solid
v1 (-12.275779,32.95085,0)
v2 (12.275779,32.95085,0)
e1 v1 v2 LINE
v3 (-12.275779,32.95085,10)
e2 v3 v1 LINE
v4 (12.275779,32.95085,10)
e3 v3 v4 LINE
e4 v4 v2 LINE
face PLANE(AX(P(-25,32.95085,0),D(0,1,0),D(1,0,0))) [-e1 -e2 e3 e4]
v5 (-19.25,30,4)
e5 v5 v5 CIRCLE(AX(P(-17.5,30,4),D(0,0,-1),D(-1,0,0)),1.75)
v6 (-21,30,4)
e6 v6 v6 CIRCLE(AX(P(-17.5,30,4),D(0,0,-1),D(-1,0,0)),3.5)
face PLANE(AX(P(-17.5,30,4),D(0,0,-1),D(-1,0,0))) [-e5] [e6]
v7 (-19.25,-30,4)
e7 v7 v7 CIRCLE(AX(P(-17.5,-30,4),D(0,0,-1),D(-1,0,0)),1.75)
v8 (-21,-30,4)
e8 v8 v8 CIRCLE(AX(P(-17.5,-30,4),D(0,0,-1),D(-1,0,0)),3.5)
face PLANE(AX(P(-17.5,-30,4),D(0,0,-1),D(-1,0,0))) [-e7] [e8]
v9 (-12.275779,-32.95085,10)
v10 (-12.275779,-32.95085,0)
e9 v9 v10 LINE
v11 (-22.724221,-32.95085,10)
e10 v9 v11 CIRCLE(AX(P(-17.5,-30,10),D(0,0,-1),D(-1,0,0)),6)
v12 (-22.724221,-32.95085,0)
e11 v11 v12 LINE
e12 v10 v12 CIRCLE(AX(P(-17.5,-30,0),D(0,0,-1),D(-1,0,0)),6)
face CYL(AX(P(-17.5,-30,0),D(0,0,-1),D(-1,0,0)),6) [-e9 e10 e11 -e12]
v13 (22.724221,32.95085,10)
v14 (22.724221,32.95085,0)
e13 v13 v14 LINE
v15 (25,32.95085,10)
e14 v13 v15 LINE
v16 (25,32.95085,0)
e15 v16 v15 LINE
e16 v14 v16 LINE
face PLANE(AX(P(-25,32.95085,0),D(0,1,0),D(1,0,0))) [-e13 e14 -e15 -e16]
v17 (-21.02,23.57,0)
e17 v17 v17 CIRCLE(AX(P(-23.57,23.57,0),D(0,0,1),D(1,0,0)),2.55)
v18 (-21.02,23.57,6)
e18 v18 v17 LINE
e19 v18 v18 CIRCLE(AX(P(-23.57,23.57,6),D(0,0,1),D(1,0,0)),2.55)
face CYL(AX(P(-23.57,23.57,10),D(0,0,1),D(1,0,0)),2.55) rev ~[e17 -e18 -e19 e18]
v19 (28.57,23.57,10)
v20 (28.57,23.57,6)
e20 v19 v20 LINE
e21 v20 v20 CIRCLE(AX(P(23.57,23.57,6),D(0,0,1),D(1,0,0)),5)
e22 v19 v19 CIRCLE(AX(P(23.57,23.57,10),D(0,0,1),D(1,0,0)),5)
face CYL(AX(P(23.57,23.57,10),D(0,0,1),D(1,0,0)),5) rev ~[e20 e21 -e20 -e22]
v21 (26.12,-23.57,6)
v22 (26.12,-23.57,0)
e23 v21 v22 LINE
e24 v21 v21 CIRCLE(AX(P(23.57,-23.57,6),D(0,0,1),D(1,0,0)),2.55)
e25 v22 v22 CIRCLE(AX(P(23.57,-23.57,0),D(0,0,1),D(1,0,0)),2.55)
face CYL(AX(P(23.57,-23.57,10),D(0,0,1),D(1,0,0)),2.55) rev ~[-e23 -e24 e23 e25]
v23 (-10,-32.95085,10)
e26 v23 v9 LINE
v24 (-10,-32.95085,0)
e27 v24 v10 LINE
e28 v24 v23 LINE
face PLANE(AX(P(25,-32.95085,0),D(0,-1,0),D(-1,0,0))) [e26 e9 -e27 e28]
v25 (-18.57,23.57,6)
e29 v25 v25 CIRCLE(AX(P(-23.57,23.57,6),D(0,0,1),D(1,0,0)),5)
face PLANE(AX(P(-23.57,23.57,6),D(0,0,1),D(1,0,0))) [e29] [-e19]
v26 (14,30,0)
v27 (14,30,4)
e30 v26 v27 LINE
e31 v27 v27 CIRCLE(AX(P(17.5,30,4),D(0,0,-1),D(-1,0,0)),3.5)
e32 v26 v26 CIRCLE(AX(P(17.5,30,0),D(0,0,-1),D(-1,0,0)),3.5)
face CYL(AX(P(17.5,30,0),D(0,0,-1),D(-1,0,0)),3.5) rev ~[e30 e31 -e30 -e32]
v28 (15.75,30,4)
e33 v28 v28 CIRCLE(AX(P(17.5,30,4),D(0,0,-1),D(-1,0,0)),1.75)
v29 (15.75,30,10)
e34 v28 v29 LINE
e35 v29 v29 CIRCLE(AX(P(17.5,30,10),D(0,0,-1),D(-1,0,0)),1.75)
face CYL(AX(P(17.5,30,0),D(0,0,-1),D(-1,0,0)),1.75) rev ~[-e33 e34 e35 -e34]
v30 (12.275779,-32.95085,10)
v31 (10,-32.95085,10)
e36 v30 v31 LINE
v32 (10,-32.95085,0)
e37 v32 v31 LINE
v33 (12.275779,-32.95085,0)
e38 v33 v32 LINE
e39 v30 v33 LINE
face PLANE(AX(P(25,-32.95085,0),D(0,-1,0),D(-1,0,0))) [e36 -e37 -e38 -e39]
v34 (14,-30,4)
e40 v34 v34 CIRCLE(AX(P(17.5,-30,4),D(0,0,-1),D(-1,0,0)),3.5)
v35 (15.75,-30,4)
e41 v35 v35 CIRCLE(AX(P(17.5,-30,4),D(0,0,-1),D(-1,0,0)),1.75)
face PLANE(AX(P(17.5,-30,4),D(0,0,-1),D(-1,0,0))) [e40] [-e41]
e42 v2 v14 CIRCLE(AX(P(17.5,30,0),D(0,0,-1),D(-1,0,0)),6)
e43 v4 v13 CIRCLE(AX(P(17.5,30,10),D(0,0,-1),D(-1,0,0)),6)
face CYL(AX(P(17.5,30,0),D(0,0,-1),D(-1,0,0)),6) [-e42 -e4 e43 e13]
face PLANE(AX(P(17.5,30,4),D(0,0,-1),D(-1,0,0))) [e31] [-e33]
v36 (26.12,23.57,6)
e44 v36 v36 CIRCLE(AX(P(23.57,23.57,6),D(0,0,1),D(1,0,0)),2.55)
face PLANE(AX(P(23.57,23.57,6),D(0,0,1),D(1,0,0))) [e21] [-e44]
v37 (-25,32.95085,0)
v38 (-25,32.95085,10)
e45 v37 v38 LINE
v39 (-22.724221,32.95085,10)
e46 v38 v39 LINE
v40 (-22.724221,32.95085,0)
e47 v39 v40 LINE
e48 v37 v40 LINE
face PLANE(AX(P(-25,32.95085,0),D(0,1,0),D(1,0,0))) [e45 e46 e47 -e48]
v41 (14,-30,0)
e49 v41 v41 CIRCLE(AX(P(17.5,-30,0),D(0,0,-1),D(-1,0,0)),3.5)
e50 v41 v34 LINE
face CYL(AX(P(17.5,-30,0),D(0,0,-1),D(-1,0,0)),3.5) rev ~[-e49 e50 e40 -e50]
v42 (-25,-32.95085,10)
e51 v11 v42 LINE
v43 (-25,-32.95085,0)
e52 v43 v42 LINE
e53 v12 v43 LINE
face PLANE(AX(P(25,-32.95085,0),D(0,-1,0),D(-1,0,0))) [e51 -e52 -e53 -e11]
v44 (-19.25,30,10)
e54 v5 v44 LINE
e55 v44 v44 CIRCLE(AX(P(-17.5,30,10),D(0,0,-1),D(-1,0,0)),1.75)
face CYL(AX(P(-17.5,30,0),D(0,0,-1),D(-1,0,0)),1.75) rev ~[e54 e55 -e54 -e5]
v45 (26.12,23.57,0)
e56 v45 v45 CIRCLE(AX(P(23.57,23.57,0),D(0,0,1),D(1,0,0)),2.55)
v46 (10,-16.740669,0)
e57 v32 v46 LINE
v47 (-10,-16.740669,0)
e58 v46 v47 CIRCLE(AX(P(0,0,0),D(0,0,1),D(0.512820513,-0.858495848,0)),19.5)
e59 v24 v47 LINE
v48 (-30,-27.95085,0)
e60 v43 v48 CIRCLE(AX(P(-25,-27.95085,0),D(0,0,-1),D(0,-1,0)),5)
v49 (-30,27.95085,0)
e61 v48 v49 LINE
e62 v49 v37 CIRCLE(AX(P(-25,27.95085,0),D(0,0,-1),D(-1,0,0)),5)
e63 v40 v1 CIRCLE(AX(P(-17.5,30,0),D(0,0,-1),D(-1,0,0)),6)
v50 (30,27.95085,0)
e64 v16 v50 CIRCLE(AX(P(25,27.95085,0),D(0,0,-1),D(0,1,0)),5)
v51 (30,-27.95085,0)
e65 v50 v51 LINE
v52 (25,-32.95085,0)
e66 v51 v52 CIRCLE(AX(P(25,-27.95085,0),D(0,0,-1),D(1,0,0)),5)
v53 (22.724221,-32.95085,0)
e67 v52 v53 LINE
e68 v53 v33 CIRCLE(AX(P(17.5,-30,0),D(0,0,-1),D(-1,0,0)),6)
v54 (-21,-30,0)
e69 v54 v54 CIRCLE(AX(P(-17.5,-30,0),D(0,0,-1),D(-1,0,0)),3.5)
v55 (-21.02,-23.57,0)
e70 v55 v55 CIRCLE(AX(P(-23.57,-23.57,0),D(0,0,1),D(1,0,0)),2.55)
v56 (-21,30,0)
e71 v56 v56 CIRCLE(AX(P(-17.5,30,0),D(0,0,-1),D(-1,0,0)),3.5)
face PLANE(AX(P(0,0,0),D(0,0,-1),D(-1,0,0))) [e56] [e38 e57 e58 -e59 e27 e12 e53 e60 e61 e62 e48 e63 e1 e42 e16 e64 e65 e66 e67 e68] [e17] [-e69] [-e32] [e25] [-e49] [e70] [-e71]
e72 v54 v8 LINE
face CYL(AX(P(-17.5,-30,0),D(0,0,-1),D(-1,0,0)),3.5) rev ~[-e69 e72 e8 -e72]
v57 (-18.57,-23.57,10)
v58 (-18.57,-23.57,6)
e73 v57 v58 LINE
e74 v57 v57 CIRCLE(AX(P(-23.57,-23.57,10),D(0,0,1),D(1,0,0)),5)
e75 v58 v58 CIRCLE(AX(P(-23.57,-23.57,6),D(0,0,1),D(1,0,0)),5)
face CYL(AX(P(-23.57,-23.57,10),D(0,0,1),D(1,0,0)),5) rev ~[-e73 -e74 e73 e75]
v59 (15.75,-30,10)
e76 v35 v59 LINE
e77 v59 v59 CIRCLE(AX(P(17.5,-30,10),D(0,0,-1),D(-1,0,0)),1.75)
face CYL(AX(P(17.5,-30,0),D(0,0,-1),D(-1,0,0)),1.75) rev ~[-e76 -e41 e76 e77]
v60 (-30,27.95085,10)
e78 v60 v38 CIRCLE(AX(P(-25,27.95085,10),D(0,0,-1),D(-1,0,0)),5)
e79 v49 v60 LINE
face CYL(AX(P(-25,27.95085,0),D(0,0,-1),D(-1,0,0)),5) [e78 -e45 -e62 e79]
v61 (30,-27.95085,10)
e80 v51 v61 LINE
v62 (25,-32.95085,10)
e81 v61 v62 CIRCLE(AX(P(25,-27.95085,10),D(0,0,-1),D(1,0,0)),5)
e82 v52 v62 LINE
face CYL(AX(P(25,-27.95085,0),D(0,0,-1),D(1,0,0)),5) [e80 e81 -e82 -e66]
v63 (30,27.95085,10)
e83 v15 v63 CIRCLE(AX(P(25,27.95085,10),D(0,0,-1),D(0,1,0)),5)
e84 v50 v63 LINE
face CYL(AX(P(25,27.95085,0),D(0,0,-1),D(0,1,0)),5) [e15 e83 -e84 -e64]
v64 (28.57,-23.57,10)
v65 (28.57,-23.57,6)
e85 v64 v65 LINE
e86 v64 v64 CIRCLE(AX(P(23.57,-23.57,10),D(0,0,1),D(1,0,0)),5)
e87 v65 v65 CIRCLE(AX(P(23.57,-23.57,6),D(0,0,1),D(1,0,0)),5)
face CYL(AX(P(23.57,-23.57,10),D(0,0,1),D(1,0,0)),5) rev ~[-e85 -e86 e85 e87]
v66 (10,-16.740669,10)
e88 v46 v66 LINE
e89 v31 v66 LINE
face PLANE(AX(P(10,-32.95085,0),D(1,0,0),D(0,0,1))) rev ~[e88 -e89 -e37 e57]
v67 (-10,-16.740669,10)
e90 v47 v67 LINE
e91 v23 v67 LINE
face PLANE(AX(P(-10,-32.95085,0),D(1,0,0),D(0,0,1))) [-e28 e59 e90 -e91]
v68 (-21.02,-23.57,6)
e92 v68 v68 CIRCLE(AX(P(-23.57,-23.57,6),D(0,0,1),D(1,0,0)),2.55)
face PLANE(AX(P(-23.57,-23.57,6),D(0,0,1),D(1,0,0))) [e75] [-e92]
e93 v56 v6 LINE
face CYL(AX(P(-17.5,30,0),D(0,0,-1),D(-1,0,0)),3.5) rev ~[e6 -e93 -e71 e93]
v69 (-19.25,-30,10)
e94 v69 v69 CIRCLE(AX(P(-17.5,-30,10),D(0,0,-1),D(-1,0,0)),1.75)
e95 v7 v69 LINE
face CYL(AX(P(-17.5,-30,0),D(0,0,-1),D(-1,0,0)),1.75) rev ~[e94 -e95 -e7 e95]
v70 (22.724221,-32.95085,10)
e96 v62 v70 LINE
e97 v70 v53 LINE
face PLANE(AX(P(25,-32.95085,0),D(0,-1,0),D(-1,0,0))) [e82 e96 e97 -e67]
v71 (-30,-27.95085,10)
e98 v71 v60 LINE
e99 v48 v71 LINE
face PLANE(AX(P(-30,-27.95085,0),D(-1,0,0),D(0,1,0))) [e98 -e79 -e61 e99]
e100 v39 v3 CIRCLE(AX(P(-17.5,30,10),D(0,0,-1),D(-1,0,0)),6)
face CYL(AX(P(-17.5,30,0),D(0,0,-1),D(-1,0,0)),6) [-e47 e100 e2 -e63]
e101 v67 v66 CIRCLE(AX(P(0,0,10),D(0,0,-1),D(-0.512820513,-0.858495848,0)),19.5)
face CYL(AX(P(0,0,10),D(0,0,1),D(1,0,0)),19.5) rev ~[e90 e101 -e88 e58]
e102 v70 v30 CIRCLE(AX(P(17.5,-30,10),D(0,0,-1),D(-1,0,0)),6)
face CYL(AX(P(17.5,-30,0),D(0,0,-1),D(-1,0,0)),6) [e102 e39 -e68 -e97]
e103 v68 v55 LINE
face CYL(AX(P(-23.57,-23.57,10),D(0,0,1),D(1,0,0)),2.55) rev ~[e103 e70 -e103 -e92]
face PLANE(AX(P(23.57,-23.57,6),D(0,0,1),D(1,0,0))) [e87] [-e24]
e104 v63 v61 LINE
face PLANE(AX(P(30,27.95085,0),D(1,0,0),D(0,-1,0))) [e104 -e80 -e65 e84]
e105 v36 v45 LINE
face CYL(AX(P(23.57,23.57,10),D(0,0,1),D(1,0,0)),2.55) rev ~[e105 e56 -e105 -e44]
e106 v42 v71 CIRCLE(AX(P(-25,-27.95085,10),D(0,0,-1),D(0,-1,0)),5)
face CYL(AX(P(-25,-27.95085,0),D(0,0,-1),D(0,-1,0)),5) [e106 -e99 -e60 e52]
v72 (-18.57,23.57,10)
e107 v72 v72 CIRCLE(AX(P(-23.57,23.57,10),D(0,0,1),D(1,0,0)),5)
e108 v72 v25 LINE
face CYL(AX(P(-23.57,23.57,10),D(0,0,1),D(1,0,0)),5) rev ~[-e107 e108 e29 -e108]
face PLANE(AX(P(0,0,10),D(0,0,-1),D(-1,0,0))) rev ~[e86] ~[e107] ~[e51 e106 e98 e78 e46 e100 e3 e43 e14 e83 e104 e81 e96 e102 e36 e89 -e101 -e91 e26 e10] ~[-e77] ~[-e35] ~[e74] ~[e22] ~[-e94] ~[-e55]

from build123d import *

# Parameters (mm, degrees)
RESSALTO_EXTRUS_O1_DEPTH = 10
ESBO_O2_R                = 2.55
CORTE_EXTRUS_O1_DEPTH    = 10
ESBO_O4_R                = 19.5
CORTE_EXTRUS_O3_DEPTH    = 10
ESBO_O5_W                = 20
ESBO_O5_H                = 10
CORTE_EXTRUS_O4_DEPTH    = 30
ESBO_O6_R                = 1.75
CORTE_EXTRUS_O5_DEPTH    = 10
ESBO_O7_R                = 6
ESBO_O7_R_2              = 1.75
RESSALTO_EXTRUS_O2_DEPTH = 10
ESBO_O9_R                = 5
CORTE_EXTRUS_O6_DEPTH    = 4
ESBO_O10_R               = 3.5
CORTE_EXTRUS_O7_DEPTH    = 4


with BuildPart() as part:
    # Esboço1 → Ressalto-extrusão1 (new body)
    with BuildSketch(Plane.XY):
        with BuildLine():
            Line((25, -32.950849719), (-25, -32.950849719))
            ThreePointArc((-25, -32.950849719), (-28.535533906, -31.486383625), (-30, -27.950849719))
            Line((-30, -27.950849719), (-30, 27.950849719))
            ThreePointArc((-30, 27.950849719), (-28.535533906, 31.486383625), (-25, 32.950849719))
            Line((-25, 32.950849719), (25, 32.950849719))
            ThreePointArc((25, 32.950849719), (28.535533906, 31.486383625), (30, 27.950849719))
            Line((30, 27.950849719), (30, -27.950849719))
            ThreePointArc((30, -27.950849719), (28.535533906, -31.486383625), (25, -32.950849719))
        make_face()
    extrude(amount=RESSALTO_EXTRUS_O1_DEPTH)

    # Esboço2 → Corte-extrusão1 (cut)
    with BuildSketch(Plane.XY.offset(10)):
        with Locations((-23.57, 23.57)):
            Circle(ESBO_O2_R)
        with Locations((23.57, 23.57)):
            Circle(ESBO_O2_R)
        with Locations((23.57, -23.57)):
            Circle(ESBO_O2_R)
        with Locations((-23.57, -23.57)):
            Circle(ESBO_O2_R)
    extrude(amount=-CORTE_EXTRUS_O1_DEPTH, mode=Mode.SUBTRACT)

    # Esboço4 → Corte-extrusão3 (cut)
    with BuildSketch(Plane.XY.offset(10)):
        Circle(ESBO_O4_R)
    extrude(amount=-CORTE_EXTRUS_O3_DEPTH, mode=Mode.SUBTRACT)

    # Esboço5 → Corte-extrusão4 (cut)
    with BuildSketch(Plane.XZ.offset(32.950849719)):
        with Locations((0, 5)):
            Rectangle(ESBO_O5_W, ESBO_O5_H)
    extrude(amount=-CORTE_EXTRUS_O4_DEPTH, mode=Mode.SUBTRACT)

    # Esboço6 → Corte-extrusão5 (cut)
    with BuildSketch(Plane(origin=(0, 0, 0), x_dir=(-1, 0, 0), z_dir=(0, 0, -1))):
        with Locations((17.5, 30)):
            Circle(ESBO_O6_R)
        with Locations((-17.5, 30)):
            Circle(ESBO_O6_R)
        with Locations((-17.5, -30)):
            Circle(ESBO_O6_R)
        with Locations((17.5, -30)):
            Circle(ESBO_O6_R)
    extrude(amount=-CORTE_EXTRUS_O5_DEPTH, mode=Mode.SUBTRACT)

    # Esboço7 → Ressalto-extrusão2 (add)
    # profile 1 of 4: a face of its own
    with BuildSketch(Plane(origin=(0, 0, 0), x_dir=(-1, 0, 0), z_dir=(0, 0, -1))):
        with Locations((17.5, -30)):
            Circle(ESBO_O7_R)
        with Locations((17.5, -30)):
            Circle(ESBO_O7_R_2, mode=Mode.SUBTRACT)
    # profile 2 of 4: a face of its own
    with BuildSketch(Plane(origin=(0, 0, 0), x_dir=(-1, 0, 0), z_dir=(0, 0, -1))):
        with Locations((-17.5, -30)):
            Circle(ESBO_O7_R)
        with Locations((-17.5, -30)):
            Circle(ESBO_O7_R_2, mode=Mode.SUBTRACT)
    # profile 3 of 4: a face of its own
    with BuildSketch(Plane(origin=(0, 0, 0), x_dir=(-1, 0, 0), z_dir=(0, 0, -1))):
        with Locations((-17.5, 30)):
            Circle(ESBO_O7_R)
        with Locations((-17.5, 30)):
            Circle(ESBO_O7_R_2, mode=Mode.SUBTRACT)
    # profile 4 of 4: a face of its own
    with BuildSketch(Plane(origin=(0, 0, 0), x_dir=(-1, 0, 0), z_dir=(0, 0, -1))):
        with Locations((17.5, 30)):
            Circle(ESBO_O7_R)
        with Locations((17.5, 30)):
            Circle(ESBO_O7_R_2, mode=Mode.SUBTRACT)
    extrude(amount=-RESSALTO_EXTRUS_O2_DEPTH)

    # Esboço9 → Corte-extrusão6 (cut)
    with BuildSketch(Plane.XY.offset(10)):
        with Locations((23.57, 23.57)):
            Circle(ESBO_O9_R)
        with Locations((-23.57, 23.57)):
            Circle(ESBO_O9_R)
        with Locations((23.57, -23.57)):
            Circle(ESBO_O9_R)
        with Locations((-23.57, -23.57)):
            Circle(ESBO_O9_R)
    extrude(amount=-CORTE_EXTRUS_O6_DEPTH, mode=Mode.SUBTRACT)

    # Esboço10 → Corte-extrusão7 (cut)
    with BuildSketch(Plane(origin=(0, 0, 0), x_dir=(-1, 0, 0), z_dir=(0, 0, -1))):
        with Locations((-17.5, -30)):
            Circle(ESBO_O10_R)
        with Locations((17.5, -30)):
            Circle(ESBO_O10_R)
        with Locations((17.5, 30)):
            Circle(ESBO_O10_R)
        with Locations((-17.5, 30)):
            Circle(ESBO_O10_R)
    extrude(amount=-CORTE_EXTRUS_O7_DEPTH, mode=Mode.SUBTRACT)


solid = part.part
